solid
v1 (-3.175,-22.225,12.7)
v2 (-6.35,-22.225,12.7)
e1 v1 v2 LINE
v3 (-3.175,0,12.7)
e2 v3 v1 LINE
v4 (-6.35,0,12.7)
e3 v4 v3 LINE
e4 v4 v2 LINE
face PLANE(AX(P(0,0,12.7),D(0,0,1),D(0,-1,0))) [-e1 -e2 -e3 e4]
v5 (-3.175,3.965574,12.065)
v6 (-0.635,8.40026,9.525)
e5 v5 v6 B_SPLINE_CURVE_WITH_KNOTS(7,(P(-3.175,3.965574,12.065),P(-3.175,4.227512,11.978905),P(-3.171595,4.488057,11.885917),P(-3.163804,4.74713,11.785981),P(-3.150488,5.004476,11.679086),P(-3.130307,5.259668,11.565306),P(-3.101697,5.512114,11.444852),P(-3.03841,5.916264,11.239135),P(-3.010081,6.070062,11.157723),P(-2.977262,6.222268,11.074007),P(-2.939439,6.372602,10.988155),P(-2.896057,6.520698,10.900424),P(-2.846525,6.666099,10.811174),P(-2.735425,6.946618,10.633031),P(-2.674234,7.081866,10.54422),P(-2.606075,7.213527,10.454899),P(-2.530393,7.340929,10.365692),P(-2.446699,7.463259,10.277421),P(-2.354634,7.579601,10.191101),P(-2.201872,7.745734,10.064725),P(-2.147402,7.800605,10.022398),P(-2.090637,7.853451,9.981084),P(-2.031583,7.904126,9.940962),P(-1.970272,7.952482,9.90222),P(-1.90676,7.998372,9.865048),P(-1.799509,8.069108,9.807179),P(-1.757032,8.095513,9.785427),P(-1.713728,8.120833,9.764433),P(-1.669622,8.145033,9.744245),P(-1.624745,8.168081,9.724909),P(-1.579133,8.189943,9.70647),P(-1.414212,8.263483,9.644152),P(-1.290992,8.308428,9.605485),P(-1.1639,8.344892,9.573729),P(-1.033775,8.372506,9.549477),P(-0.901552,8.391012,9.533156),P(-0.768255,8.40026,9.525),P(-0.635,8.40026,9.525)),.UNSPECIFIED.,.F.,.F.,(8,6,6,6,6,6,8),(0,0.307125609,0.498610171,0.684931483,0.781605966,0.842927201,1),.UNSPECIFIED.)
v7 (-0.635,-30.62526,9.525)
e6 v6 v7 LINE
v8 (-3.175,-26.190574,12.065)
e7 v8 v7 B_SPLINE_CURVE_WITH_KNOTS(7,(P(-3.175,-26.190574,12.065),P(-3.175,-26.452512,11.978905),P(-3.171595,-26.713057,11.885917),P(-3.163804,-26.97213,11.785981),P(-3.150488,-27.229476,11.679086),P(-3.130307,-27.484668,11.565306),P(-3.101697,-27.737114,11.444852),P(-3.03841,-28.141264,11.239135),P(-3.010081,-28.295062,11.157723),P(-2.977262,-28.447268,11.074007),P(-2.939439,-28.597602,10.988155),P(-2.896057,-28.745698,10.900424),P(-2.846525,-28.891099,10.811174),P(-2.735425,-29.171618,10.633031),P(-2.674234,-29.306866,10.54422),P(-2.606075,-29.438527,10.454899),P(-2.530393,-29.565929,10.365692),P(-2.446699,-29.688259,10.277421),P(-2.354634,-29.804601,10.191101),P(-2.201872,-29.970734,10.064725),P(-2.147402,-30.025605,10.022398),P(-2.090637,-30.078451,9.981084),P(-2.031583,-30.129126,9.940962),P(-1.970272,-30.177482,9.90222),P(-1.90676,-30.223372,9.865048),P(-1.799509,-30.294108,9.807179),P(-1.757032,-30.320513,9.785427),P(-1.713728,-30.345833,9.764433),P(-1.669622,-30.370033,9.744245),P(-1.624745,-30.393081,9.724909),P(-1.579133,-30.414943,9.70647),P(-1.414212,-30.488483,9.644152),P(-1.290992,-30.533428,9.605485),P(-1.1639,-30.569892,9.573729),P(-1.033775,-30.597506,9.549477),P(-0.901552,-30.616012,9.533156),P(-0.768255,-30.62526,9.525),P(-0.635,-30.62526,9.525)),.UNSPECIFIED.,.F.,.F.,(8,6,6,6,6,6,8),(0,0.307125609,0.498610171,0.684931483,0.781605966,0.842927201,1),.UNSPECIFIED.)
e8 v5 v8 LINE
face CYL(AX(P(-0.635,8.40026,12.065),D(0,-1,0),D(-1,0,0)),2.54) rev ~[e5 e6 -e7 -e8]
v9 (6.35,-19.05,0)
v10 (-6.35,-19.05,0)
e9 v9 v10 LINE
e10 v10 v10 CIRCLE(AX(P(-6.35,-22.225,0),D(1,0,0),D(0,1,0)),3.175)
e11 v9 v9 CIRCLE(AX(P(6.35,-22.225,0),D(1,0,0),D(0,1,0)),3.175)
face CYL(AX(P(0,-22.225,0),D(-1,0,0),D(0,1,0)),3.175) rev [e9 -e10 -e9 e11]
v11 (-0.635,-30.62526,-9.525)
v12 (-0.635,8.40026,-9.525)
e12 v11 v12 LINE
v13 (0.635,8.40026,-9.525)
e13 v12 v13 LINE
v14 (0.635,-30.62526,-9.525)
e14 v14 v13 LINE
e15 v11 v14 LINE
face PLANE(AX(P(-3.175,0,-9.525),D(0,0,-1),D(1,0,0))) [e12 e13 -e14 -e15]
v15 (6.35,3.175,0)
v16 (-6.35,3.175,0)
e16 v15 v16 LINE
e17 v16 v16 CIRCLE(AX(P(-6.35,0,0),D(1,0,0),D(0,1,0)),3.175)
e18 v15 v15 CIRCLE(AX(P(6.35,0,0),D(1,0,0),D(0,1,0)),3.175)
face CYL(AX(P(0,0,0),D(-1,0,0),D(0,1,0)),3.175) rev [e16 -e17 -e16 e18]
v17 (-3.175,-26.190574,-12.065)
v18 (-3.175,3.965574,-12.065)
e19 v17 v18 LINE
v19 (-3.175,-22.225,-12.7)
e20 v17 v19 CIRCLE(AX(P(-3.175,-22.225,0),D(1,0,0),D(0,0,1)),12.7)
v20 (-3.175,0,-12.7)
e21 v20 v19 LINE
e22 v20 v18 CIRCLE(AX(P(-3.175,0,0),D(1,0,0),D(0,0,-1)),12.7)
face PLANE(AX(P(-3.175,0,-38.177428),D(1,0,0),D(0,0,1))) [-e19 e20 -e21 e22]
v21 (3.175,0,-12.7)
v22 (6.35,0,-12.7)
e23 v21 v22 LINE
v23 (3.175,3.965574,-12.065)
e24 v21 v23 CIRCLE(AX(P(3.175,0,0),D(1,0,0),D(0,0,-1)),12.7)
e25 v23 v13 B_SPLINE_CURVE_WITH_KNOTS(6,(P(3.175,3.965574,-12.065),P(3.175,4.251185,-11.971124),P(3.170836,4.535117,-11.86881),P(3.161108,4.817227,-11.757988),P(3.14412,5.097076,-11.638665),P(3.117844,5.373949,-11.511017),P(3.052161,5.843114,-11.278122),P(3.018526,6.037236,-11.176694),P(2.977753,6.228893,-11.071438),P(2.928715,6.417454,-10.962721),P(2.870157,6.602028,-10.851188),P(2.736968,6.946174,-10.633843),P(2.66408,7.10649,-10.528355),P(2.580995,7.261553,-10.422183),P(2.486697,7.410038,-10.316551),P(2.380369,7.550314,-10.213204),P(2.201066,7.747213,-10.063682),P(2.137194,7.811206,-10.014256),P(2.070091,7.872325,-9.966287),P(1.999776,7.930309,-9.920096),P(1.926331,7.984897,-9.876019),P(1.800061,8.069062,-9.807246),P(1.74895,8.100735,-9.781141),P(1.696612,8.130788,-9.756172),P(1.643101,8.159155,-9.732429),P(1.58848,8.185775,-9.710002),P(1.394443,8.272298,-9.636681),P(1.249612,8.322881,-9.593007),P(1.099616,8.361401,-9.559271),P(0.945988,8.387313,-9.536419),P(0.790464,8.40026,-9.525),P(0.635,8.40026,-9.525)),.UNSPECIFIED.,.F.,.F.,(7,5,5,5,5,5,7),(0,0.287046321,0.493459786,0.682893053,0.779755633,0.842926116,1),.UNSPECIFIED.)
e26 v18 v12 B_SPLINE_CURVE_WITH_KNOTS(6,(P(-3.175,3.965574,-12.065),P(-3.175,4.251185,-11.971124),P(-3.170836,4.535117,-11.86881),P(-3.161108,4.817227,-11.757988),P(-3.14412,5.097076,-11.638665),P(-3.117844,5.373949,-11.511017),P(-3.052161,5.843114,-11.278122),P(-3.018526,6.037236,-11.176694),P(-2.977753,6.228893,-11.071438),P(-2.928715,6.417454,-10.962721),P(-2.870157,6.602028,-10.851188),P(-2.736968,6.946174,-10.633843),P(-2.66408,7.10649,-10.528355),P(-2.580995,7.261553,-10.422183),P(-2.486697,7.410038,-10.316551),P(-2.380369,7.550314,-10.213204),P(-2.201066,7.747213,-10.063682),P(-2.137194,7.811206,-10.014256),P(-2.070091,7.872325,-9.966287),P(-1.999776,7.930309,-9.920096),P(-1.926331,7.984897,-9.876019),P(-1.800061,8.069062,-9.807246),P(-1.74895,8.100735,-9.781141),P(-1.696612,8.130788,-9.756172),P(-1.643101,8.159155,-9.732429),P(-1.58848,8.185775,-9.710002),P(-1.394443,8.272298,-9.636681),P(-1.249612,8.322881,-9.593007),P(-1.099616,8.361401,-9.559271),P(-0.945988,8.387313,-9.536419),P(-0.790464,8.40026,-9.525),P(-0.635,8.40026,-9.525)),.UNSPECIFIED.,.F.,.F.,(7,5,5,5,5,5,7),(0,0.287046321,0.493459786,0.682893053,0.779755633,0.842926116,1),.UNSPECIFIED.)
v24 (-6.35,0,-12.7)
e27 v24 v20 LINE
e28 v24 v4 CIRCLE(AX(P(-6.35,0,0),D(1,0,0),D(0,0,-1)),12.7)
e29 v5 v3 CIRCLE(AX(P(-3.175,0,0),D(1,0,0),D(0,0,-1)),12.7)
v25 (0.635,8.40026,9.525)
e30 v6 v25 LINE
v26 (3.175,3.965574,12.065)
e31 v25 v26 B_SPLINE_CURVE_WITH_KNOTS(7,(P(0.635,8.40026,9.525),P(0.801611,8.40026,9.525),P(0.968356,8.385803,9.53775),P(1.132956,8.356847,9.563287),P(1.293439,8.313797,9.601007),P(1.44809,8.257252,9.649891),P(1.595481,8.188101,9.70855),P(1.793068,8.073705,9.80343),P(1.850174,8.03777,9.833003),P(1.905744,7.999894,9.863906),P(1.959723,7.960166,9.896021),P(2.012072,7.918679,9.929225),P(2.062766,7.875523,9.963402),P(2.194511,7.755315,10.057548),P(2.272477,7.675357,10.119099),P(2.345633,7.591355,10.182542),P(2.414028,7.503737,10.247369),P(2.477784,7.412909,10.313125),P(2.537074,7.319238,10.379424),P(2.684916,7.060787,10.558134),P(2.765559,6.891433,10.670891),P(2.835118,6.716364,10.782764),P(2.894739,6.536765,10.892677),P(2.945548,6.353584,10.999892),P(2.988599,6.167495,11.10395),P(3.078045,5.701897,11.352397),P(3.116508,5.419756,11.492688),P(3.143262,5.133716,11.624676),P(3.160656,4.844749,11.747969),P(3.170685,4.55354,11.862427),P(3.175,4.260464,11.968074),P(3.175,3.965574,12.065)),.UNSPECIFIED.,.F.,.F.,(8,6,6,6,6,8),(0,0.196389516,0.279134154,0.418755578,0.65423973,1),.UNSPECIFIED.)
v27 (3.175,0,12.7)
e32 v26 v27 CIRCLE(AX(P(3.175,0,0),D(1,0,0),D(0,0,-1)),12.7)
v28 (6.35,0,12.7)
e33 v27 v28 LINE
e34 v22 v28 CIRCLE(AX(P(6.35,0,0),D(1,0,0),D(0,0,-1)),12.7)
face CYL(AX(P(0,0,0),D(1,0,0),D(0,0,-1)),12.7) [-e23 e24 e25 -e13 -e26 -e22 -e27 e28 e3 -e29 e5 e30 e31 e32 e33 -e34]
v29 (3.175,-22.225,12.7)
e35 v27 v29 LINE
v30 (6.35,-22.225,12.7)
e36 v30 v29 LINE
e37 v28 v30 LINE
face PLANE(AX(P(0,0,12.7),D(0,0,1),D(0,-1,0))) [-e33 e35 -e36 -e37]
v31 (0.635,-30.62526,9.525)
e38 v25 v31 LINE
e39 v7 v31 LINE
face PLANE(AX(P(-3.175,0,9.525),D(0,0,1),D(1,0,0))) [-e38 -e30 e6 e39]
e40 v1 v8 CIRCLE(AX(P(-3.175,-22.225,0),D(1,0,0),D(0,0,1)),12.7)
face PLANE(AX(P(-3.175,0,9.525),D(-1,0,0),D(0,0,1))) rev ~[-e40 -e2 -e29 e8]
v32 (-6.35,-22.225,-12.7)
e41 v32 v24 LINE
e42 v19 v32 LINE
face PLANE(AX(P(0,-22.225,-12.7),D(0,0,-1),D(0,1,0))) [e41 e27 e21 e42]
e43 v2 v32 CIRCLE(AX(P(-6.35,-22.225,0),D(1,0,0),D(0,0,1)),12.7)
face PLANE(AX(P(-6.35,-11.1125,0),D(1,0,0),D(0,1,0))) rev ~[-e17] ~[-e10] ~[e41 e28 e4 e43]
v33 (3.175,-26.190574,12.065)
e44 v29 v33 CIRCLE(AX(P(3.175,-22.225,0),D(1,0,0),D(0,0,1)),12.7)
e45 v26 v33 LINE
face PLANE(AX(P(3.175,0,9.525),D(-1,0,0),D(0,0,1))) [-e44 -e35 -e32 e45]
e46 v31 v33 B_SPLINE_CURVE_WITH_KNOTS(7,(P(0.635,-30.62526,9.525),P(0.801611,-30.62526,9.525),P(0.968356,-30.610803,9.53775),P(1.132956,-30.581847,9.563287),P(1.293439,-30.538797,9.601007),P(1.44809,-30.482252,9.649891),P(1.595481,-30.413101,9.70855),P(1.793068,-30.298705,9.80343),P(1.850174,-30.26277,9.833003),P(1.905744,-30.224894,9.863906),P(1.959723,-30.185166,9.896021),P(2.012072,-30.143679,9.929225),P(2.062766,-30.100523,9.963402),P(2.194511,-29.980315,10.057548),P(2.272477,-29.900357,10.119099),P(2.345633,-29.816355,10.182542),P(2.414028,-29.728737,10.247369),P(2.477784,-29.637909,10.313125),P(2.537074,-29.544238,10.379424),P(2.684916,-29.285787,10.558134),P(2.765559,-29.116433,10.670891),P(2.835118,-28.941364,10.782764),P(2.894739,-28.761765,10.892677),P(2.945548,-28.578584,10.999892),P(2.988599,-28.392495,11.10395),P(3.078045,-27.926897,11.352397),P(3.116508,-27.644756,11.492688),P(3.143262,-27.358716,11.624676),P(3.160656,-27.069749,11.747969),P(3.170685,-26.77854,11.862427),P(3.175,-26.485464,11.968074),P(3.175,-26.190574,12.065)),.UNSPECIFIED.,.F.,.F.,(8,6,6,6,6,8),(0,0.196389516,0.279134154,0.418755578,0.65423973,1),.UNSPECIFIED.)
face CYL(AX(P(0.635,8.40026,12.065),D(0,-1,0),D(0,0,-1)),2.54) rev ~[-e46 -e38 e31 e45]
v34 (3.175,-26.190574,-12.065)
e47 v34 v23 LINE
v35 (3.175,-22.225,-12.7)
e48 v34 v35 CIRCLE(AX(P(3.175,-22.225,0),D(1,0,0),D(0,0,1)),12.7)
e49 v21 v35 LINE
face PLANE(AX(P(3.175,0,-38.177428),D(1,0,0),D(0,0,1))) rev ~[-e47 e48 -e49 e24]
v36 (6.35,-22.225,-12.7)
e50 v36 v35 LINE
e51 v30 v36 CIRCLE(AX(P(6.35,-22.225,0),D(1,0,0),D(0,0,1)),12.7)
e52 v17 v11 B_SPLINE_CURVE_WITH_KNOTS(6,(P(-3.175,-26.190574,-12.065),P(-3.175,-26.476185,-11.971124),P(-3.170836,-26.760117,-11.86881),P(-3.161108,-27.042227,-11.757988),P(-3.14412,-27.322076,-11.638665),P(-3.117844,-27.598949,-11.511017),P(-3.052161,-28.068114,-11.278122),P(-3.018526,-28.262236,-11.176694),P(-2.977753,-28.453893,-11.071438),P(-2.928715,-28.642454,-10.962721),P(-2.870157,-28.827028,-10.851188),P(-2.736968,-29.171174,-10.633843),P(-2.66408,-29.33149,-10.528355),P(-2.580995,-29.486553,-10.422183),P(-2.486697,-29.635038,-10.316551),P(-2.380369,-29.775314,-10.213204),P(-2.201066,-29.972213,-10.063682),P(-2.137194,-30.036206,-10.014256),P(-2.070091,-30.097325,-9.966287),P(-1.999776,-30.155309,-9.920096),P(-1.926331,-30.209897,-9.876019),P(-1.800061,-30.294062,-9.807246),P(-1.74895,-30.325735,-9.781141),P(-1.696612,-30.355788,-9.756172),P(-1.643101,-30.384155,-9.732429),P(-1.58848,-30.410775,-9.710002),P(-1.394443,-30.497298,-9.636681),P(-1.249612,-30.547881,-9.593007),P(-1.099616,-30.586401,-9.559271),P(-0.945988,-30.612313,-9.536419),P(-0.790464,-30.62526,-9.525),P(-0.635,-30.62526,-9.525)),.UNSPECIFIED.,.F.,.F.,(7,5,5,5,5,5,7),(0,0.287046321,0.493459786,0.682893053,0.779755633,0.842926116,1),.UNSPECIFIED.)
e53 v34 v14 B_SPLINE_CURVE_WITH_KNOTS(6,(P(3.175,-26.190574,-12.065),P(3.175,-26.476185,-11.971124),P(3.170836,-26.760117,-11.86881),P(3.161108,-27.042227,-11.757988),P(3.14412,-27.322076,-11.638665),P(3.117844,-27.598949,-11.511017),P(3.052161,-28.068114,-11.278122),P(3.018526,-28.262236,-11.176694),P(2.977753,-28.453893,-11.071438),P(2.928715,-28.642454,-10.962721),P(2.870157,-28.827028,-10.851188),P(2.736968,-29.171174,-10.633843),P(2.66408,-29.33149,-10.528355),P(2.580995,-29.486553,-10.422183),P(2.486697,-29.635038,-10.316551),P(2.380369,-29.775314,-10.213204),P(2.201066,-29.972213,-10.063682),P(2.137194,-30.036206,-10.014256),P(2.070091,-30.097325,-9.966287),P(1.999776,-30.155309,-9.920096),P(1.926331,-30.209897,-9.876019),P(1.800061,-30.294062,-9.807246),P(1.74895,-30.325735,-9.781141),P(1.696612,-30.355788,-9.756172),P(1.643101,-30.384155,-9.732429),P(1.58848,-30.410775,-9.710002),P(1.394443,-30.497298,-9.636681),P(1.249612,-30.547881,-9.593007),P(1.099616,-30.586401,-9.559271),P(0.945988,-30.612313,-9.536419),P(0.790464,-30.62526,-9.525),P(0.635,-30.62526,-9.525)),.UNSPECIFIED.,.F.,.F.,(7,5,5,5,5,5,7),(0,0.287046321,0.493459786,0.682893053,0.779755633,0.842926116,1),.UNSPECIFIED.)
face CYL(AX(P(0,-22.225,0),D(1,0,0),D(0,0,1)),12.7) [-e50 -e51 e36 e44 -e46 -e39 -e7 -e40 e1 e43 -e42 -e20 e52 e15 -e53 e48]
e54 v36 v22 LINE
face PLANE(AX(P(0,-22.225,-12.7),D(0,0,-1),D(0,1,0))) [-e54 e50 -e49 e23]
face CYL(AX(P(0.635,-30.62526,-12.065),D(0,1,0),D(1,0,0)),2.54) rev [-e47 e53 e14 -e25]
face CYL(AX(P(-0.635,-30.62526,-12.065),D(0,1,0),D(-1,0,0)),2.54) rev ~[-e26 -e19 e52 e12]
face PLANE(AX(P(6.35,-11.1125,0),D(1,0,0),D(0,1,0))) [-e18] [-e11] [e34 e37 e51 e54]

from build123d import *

# Parameters (mm, degrees)
F0_R     = 3.175
F1_DEPTH = 6.35
F2_W     = 6.35
F2_H     = 24.715454
F2_H_2   = 28.652428
F3_DEPTH = 50.8
F4_R     = 2.54


with BuildPart() as f1:
    # F0 (on Right) → F1 (new body, symmetric)
    with BuildSketch(Plane.YZ):
        with BuildLine():
            Line((-22.225, -12.7), (0, -12.7))
            ThreePointArc((0, -12.7), (12.7, 0), (0, 12.7))
            Line((0, 12.7), (-22.225, 12.7))
            ThreePointArc((-22.225, 12.7), (-34.925, 0), (-22.225, -12.7))
        make_face()
        with Locations((-22.225, 0)):
            Circle(F0_R, mode=Mode.SUBTRACT)
        Circle(F0_R, mode=Mode.SUBTRACT)
    extrude(amount=F1_DEPTH, both=True)

    # F2 (on Front) → F3 (cut, symmetric)
    with BuildSketch(Plane.XZ):
        with Locations((0, 21.882727)):
            Rectangle(F2_W, F2_H)
        with Locations((0, -23.851214)):
            Rectangle(F2_W, F2_H_2)
    extrude(amount=F3_DEPTH, both=True, mode=Mode.SUBTRACT)

    # F4
    f4_edges = [f1.edges().sort_by_distance(p)[0] for p in [
        (-3.175, -11.1125, 9.525),
        (3.175, -11.1125, 9.525),
        (-3.175, -11.1125, -9.525),
        (3.175, -11.1125, -9.525),
    ]]
    fillet(f4_edges, radius=F4_R)


solid = f1.part
